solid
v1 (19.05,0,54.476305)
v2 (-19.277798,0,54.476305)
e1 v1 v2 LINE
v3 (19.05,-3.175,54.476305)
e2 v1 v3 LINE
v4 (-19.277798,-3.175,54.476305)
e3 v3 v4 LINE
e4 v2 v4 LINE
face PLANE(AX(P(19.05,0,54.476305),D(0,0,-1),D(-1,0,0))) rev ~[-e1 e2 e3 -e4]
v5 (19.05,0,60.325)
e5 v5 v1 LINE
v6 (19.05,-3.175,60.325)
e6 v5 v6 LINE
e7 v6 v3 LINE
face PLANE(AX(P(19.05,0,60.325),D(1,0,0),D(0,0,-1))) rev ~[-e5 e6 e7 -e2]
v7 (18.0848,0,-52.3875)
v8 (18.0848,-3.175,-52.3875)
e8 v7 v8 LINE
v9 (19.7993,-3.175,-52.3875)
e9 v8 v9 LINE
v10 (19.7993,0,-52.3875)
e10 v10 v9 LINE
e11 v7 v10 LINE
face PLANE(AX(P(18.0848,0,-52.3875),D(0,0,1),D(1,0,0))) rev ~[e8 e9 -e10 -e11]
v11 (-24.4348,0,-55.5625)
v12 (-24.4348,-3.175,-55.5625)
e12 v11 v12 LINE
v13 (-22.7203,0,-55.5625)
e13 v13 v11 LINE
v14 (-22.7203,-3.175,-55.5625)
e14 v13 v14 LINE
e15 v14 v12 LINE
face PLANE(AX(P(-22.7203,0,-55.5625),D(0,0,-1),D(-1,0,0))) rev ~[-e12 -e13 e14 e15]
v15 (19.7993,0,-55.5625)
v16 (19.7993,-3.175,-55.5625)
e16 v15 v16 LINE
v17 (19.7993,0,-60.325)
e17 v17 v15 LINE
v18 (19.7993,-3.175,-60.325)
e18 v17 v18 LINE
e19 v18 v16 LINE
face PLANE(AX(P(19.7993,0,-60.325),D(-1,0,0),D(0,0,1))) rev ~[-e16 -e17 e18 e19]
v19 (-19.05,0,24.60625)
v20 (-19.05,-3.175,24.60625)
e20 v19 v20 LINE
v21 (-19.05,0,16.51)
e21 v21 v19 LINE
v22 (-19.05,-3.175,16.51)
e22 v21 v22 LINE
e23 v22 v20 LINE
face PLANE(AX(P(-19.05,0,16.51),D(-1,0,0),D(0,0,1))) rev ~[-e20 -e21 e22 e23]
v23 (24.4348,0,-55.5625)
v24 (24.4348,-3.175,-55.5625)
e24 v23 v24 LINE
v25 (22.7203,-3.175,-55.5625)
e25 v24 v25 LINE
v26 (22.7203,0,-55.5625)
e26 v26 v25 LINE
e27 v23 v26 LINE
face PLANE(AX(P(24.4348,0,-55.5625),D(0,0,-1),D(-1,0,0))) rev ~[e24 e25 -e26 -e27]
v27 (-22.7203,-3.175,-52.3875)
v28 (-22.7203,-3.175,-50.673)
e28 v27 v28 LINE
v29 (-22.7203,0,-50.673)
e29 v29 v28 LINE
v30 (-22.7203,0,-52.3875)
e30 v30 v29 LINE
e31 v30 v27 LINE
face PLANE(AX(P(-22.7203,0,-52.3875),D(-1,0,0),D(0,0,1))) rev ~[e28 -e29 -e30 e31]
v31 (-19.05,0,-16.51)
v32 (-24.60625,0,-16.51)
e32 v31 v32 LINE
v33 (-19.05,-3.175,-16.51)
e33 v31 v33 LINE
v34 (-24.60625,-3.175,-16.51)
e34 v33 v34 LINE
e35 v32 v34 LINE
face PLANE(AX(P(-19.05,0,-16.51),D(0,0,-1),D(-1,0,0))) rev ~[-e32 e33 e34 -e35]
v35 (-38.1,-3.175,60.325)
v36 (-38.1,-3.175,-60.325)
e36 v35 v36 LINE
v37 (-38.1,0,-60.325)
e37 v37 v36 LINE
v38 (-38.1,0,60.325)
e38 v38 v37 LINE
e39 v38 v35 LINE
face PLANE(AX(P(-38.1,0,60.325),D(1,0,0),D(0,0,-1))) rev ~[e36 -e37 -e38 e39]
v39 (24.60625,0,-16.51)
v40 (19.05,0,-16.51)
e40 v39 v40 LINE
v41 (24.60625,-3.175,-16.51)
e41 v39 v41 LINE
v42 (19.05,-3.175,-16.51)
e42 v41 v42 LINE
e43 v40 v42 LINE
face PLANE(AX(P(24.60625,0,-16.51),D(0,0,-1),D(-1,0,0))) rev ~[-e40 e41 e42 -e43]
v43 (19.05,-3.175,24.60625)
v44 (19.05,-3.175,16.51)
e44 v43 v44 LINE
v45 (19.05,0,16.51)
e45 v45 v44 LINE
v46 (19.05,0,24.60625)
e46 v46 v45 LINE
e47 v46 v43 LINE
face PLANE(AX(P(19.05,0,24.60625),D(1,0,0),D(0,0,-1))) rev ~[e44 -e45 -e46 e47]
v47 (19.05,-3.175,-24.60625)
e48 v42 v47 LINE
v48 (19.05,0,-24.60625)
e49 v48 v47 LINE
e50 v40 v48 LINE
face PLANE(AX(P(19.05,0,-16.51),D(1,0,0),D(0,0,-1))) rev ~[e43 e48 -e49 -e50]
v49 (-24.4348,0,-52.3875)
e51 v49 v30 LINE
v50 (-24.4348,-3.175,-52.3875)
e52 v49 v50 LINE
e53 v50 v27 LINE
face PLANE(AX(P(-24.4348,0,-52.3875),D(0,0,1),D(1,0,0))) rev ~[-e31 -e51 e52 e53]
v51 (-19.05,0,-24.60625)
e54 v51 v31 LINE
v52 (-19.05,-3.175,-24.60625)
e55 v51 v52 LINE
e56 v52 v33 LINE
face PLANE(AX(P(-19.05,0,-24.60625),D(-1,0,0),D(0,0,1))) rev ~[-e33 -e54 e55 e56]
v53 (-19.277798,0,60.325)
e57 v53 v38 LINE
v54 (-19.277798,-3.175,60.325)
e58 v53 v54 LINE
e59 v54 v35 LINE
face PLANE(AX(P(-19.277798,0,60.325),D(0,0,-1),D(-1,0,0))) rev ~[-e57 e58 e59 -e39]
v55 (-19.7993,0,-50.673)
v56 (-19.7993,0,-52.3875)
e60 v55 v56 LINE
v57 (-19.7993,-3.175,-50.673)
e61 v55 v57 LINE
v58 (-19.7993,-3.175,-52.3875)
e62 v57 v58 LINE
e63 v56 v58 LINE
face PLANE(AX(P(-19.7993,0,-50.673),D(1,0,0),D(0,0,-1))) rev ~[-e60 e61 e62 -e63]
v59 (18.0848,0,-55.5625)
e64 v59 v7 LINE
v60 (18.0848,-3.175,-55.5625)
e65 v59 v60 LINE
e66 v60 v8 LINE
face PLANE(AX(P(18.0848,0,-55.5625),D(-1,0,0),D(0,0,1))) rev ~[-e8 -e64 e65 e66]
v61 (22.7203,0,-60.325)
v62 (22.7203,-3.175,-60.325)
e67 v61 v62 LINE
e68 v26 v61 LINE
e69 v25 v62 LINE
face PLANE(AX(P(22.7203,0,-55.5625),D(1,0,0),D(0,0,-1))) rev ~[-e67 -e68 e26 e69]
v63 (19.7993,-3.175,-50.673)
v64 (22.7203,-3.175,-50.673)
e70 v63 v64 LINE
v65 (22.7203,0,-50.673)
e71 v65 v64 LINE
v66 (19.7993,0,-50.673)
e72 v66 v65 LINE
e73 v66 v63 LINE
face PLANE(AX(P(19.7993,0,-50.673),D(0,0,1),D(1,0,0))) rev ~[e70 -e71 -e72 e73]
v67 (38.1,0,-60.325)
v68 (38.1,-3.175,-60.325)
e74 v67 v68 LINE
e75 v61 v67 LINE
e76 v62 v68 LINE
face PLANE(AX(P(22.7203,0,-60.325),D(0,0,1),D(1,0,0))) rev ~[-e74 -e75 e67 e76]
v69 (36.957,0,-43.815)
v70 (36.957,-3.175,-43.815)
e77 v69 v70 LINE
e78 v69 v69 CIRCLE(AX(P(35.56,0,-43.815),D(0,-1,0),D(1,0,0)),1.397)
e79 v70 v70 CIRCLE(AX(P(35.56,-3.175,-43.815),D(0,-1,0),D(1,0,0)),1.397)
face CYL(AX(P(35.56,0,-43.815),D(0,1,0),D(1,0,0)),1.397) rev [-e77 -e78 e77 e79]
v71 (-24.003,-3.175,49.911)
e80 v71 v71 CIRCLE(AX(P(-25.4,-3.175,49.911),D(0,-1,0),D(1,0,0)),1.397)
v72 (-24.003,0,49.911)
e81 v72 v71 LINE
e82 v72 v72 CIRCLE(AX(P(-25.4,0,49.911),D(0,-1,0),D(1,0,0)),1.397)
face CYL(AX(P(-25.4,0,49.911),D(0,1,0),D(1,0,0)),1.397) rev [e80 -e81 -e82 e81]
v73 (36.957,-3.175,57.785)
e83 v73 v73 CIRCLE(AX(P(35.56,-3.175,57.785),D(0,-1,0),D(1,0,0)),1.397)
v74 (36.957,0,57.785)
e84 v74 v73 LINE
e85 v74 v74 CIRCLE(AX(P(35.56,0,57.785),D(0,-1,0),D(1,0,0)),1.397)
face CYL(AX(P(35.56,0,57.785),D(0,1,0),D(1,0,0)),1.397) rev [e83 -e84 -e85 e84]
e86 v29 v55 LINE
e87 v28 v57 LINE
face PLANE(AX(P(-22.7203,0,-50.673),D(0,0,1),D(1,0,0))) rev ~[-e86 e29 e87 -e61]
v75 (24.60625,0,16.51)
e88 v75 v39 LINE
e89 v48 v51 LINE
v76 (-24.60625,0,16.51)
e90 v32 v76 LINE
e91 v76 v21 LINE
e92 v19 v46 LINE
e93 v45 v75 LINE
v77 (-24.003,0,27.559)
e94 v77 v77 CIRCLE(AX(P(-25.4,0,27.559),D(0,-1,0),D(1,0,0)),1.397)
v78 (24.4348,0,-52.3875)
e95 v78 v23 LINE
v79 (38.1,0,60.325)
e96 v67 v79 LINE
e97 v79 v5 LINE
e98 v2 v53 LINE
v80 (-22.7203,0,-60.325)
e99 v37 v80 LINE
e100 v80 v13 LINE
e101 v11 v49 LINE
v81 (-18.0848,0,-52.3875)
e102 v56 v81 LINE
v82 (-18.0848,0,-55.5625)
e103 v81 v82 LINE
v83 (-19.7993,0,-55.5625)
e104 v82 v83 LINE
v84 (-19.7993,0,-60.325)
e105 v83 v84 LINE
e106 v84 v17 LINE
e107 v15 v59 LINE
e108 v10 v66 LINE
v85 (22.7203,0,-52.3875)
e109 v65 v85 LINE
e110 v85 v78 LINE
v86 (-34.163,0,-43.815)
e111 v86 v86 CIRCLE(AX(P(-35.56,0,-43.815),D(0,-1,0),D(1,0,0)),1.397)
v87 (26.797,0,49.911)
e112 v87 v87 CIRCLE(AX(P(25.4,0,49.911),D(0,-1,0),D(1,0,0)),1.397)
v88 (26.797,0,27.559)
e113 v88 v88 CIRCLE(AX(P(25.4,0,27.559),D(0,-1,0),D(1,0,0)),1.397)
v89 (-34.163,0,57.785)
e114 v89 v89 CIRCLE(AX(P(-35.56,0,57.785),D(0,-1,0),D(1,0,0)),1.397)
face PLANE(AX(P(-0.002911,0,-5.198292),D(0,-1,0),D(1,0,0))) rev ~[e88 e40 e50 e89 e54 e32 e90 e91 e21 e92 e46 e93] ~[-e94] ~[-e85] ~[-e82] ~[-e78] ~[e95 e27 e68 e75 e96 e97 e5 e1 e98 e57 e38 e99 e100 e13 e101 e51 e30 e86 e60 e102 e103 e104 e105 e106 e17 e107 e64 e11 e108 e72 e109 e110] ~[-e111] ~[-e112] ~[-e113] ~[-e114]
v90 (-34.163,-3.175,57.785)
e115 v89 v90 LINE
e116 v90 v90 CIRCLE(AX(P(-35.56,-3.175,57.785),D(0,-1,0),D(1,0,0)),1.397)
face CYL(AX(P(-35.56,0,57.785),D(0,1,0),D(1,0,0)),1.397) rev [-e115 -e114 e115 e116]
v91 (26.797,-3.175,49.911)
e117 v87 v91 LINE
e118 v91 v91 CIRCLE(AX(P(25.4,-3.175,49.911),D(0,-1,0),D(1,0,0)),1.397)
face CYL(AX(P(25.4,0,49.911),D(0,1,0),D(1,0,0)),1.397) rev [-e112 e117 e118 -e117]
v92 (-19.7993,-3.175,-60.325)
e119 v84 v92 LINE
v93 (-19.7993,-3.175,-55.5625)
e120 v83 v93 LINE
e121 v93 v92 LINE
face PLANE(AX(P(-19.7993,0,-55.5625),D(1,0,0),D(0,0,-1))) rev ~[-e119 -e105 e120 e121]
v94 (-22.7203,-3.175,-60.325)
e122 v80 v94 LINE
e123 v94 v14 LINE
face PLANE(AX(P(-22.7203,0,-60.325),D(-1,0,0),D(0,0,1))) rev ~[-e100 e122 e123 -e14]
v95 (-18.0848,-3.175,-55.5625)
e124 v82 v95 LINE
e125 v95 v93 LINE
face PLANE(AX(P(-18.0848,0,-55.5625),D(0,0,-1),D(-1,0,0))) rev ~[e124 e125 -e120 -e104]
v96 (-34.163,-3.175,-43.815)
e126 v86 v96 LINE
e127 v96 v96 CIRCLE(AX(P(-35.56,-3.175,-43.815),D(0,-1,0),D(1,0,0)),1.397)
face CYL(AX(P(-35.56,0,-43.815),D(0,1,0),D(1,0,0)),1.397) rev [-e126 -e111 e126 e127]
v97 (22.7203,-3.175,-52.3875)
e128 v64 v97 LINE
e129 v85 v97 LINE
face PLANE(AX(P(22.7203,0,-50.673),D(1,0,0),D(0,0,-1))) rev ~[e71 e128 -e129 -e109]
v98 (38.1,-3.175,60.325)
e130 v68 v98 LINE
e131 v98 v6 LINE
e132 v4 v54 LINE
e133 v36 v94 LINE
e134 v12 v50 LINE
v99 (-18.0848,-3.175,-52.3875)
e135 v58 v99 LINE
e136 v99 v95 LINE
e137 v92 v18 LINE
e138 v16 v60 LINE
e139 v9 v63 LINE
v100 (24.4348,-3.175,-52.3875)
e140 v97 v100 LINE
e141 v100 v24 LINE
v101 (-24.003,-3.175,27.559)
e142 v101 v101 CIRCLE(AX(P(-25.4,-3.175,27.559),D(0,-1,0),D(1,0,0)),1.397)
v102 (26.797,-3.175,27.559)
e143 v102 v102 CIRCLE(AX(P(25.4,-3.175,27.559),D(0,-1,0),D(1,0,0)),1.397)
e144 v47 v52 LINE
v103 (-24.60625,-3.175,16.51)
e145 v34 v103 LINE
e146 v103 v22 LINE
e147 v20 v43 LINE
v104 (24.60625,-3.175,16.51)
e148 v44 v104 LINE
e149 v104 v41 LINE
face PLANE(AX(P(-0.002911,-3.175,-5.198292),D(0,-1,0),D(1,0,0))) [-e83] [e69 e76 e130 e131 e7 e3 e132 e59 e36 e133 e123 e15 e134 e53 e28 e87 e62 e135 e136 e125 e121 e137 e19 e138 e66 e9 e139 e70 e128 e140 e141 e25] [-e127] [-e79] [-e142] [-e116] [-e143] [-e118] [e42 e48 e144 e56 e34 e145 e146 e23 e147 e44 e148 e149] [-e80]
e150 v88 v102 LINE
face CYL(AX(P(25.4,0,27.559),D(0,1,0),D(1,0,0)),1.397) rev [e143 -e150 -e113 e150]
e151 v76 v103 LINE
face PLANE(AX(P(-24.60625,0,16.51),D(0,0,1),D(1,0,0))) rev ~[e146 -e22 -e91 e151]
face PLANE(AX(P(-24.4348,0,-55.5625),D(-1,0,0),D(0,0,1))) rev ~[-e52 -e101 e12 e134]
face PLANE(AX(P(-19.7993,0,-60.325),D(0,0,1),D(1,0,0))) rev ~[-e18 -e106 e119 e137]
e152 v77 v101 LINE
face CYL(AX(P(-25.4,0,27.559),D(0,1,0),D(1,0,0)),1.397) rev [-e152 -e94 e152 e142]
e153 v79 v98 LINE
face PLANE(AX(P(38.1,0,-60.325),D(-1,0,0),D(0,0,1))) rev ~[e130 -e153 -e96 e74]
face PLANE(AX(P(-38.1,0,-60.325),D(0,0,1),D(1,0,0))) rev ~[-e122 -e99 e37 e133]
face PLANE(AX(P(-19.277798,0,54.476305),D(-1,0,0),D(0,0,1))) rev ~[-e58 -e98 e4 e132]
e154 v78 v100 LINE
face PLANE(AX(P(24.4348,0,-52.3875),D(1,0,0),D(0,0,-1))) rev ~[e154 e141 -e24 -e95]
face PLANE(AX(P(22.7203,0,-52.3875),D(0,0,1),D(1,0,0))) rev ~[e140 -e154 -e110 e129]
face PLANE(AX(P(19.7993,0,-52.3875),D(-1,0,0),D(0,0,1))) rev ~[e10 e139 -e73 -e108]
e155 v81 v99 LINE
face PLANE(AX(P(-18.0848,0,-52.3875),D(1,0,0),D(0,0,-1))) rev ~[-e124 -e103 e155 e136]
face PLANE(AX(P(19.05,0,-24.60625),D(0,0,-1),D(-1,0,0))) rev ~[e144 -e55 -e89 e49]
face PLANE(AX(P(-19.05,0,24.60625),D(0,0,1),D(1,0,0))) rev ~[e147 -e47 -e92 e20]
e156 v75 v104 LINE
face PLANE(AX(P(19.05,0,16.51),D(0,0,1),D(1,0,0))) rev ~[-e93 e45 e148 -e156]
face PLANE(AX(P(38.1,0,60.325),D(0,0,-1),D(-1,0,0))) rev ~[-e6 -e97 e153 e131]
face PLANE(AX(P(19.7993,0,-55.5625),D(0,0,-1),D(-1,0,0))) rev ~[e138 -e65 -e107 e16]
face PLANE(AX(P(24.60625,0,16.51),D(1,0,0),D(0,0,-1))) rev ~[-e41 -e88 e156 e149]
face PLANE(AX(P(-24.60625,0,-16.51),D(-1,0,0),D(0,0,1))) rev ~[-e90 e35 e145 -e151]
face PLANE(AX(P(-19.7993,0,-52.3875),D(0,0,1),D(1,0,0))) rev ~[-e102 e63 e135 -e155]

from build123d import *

# Parameters (mm, degrees)
F0_R     = 1.397
F1_DEPTH = 3.175


with BuildPart() as f1:
    # F0 (on Front) → F1 (new body)
    with BuildSketch(Plane.XZ):
        Polygon((38.1, 38.735), (38.1, 60.325), (19.05, 60.325), (19.05, 54.476305), (-19.277798, 54.476305), (-19.277798, 60.325), (-38.1, 60.325), (-38.1, -60.325), (-22.7203, -60.325), (-22.7203, -55.5625), (-24.4348, -55.5625), (-24.4348, -52.3875), (-22.7203, -52.3875), (-22.7203, -50.673), (-19.7993, -50.673), (-19.7993, -52.3875), (-18.0848, -52.3875), (-18.0848, -55.5625), (-19.7993, -55.5625), (-19.7993, -60.325), (19.7993, -60.325), (19.7993, -55.5625), (18.0848, -55.5625), (18.0848, -52.3875), (19.7993, -52.3875), (19.7993, -50.673), (22.7203, -50.673), (22.7203, -52.3875), (24.4348, -52.3875), (24.4348, -55.5625), (22.7203, -55.5625), (22.7203, -60.325), (38.1, -60.325), align=None)
        with Locations((-35.56, -43.815)):
            Circle(F0_R, mode=Mode.SUBTRACT)
        with Locations((35.56, -43.815)):
            Circle(F0_R, mode=Mode.SUBTRACT)
        with Locations((-25.4, 27.559)):
            Circle(F0_R, mode=Mode.SUBTRACT)
        with Locations((-35.56, 57.785)):
            Circle(F0_R, mode=Mode.SUBTRACT)
        with Locations((-25.4, 49.911)):
            Circle(F0_R, mode=Mode.SUBTRACT)
        Polygon((-19.05, 24.60625), (19.05, 24.60625), (19.05, 16.51), (24.60625, 16.51), (24.60625, -16.51), (19.05, -16.51), (19.05, -24.60625), (-19.05, -24.60625), (-19.05, -16.51), (-24.60625, -16.51), (-24.60625, 16.51), (-19.05, 16.51), align=None, mode=Mode.SUBTRACT)
        with Locations((25.4, 27.559)):
            Circle(F0_R, mode=Mode.SUBTRACT)
        with Locations((25.4, 49.911)):
            Circle(F0_R, mode=Mode.SUBTRACT)
        with Locations((35.56, 57.785)):
            Circle(F0_R, mode=Mode.SUBTRACT)
    extrude(amount=F1_DEPTH)


solid = f1.part
